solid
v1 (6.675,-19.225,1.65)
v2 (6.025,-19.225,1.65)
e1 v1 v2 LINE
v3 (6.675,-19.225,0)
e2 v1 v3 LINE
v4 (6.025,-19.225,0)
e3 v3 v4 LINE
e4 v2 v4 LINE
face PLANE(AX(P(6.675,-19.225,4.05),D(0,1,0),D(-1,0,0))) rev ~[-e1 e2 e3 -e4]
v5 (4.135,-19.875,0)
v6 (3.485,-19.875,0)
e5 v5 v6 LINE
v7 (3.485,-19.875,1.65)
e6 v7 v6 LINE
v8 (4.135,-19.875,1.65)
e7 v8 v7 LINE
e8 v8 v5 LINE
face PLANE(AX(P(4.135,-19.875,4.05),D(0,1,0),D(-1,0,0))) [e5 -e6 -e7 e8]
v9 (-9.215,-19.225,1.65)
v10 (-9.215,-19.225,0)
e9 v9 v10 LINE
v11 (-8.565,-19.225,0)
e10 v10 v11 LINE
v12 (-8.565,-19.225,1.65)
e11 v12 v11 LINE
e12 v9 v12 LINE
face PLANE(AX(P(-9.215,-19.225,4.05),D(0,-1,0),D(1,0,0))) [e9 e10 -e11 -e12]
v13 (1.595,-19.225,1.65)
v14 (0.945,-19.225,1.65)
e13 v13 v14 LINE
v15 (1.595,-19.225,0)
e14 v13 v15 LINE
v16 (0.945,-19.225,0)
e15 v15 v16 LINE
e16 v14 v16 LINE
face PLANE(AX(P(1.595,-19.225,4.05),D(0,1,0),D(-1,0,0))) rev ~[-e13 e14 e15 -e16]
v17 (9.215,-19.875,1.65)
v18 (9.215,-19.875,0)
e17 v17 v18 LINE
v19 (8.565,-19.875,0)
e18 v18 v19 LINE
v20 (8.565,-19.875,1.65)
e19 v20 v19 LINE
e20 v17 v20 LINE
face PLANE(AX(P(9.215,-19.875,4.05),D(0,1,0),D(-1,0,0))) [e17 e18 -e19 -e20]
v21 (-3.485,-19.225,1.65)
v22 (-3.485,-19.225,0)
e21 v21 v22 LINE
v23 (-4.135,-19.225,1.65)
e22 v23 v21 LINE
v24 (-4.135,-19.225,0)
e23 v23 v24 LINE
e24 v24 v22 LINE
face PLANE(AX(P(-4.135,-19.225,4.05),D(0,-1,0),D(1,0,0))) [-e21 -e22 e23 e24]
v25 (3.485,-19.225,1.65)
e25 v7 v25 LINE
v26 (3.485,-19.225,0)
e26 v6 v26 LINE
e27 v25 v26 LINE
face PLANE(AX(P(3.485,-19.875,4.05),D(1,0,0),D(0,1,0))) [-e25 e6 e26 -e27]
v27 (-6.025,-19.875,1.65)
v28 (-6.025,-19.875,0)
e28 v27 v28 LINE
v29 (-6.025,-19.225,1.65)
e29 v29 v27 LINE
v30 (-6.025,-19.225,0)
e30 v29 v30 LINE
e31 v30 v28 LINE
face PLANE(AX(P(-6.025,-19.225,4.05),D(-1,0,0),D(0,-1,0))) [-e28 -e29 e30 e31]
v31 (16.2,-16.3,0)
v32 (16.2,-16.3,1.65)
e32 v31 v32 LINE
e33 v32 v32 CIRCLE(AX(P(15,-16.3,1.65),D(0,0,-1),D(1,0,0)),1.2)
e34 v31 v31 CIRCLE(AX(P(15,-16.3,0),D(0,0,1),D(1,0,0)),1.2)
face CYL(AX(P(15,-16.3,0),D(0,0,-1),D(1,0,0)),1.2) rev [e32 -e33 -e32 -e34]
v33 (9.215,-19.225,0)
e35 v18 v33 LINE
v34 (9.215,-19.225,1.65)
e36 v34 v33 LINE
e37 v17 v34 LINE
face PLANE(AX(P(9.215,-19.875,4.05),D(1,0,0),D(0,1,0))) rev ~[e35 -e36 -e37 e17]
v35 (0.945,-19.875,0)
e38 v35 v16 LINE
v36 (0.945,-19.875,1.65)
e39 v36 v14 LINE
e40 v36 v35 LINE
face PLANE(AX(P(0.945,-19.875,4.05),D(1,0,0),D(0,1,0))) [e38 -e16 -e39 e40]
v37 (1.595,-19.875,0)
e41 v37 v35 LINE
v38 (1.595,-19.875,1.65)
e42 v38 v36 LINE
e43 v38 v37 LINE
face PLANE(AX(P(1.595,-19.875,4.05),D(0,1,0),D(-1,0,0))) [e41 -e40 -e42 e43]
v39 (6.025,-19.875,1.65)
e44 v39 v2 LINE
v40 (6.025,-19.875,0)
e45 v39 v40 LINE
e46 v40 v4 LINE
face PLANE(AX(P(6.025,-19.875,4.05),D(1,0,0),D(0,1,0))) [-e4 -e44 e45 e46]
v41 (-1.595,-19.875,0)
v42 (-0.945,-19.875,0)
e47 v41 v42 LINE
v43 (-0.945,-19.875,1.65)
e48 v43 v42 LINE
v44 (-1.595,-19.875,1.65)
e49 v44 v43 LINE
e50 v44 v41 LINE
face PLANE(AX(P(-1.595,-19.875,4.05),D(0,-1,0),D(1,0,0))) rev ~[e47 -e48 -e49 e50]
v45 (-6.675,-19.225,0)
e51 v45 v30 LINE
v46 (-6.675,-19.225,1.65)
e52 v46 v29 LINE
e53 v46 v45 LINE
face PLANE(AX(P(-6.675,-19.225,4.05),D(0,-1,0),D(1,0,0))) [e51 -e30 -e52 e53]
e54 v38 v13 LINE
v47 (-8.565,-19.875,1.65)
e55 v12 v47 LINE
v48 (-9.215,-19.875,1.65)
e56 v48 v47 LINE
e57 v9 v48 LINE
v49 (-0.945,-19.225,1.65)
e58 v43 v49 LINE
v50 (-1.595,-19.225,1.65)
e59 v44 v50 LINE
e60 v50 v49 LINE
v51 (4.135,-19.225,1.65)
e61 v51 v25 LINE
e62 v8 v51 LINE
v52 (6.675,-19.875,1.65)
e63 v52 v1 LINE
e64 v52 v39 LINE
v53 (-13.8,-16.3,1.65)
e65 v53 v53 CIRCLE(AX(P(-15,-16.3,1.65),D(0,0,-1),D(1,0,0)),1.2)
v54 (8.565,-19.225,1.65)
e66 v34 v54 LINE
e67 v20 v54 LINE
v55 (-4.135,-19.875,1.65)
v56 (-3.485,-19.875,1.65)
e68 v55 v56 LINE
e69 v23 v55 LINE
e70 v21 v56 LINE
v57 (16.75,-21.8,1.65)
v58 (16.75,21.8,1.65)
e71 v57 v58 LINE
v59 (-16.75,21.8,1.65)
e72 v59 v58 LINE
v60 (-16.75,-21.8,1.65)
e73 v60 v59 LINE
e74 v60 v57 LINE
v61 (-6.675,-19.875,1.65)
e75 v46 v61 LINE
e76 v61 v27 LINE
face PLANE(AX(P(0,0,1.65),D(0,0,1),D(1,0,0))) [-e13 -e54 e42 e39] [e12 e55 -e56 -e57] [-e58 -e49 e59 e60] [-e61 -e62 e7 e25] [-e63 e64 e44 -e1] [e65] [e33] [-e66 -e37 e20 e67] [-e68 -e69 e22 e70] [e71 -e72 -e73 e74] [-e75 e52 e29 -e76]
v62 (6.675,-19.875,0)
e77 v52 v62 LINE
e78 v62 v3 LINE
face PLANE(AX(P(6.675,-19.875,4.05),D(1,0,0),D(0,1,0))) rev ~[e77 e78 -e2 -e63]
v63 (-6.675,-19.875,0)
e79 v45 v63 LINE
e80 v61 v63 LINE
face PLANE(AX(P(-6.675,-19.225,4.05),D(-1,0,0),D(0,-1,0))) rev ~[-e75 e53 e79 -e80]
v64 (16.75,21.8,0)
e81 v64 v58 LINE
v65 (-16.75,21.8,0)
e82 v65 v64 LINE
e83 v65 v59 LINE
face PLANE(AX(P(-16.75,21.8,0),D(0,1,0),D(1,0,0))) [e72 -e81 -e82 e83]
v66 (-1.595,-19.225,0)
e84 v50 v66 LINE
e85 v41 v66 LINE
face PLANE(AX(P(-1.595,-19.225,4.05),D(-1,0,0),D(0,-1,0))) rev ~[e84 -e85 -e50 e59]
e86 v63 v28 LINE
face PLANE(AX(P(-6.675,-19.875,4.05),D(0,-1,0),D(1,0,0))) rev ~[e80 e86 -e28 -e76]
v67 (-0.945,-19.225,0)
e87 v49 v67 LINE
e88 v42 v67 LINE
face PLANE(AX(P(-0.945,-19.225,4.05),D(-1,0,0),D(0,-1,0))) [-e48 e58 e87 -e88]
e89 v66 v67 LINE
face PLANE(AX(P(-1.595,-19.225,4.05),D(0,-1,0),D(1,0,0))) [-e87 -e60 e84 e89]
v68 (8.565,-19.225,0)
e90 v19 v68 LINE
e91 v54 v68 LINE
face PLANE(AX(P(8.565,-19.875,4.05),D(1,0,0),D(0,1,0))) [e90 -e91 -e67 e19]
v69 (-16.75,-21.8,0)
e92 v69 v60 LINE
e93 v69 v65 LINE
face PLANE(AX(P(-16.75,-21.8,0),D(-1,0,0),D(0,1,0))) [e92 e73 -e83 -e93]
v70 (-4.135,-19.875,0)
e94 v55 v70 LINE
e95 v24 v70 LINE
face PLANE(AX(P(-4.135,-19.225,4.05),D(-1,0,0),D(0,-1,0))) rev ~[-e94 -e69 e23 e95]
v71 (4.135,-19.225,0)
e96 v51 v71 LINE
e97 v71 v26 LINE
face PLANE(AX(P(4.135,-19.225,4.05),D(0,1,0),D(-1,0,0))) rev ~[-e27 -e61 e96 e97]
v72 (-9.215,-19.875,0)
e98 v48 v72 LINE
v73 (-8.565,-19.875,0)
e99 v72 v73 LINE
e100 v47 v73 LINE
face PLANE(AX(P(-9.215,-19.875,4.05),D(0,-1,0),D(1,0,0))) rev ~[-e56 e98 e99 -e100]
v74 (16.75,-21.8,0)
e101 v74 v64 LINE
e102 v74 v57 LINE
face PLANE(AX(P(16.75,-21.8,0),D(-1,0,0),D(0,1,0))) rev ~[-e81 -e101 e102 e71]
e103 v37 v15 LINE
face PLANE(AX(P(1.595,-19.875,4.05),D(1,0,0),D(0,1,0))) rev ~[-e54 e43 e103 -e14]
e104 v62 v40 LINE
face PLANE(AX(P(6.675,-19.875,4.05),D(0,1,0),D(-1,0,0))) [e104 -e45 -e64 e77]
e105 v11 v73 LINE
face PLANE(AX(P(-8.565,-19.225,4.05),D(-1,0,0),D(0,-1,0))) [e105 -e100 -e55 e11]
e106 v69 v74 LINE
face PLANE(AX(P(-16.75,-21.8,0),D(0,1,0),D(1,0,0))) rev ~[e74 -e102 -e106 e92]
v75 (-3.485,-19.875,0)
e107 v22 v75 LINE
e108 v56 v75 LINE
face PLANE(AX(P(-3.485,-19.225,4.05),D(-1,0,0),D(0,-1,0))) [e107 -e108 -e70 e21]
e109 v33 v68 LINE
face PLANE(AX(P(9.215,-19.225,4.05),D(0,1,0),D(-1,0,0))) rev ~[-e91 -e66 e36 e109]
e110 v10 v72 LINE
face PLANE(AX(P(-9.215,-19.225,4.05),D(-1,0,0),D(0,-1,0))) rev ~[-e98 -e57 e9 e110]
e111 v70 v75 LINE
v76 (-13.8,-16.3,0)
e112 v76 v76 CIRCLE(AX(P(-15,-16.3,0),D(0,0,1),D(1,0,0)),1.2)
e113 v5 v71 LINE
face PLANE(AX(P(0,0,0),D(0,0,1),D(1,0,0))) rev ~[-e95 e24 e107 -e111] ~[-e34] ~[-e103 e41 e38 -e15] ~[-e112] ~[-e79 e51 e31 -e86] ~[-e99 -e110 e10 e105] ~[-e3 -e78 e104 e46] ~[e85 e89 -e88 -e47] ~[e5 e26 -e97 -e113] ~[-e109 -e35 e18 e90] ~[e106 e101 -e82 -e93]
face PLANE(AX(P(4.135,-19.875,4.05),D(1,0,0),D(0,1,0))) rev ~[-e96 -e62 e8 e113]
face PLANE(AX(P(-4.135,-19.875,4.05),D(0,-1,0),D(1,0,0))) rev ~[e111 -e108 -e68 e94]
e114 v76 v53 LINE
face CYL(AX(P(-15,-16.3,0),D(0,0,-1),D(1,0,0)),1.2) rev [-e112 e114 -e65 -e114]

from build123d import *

# Parameters (mm, degrees)
SKETCH1_W               = 33.5
SKETCH1_H               = 43.6
BOSS_EXTRUDE1_DEPTH     = 1.65
BOSS_EXTRUDE2_START     = -3.05
SKETCH2_W               = 0.65
SKETCH2_H               = 0.65
BOSS_EXTRUDE2_DEPTH     = 11.55
CUT_EXTRUDE1_START      = -4.05
SKETCH2_2_W             = 0.65
SKETCH2_2_H             = 0.65
CUT_EXTRUDE1_DEPTH      = 13.55
LPATTERN1_COUNT         = 4
LPATTERN1_PITCH         = 2.54
MIRROR1_START           = -4.05
MIRROR1_COPY_1_SKETCH_W = 0.65
MIRROR1_COPY_1_SKETCH_H = 0.65
MIRROR1_COPY_1_DEPTH    = 13.55
MIRROR1_COPY_2_SKETCH_W = 0.65
MIRROR1_COPY_2_SKETCH_H = 0.65
MIRROR1_COPY_2_DEPTH    = 13.55
MIRROR1_COPY_3_SKETCH_W = 0.65
MIRROR1_COPY_3_SKETCH_H = 0.65
MIRROR1_COPY_3_DEPTH    = 13.55
MIRROR1_COPY_4_SKETCH_W = 0.65
MIRROR1_COPY_4_SKETCH_H = 0.65
MIRROR1_COPY_4_DEPTH    = 13.55
SKETCH3_R               = 1.2
CUT_EXTRUDE2_DEPTH      = 2.65


with BuildPart() as part:
    # Sketch1 → Boss-Extrude1 (new body)
    with BuildSketch(Plane.XY):
        Rectangle(SKETCH1_W, SKETCH1_H)
    extrude(amount=BOSS_EXTRUDE1_DEPTH)

    # Sketch2 → Boss-Extrude2 (add)
    with BuildSketch(Plane(origin=(0, 0, 0), x_dir=(-1, 0, 0), z_dir=(0, 0, -1)).offset(BOSS_EXTRUDE2_START)):
        with Locations((-1.27, -19.55)):
            Rectangle(SKETCH2_W, SKETCH2_H)
    boss_extrude2 = extrude(amount=BOSS_EXTRUDE2_DEPTH)

    # Sketch2<2> → Cut-Extrude1 (cut)
    with BuildSketch(Plane(origin=(0, 0, 0), x_dir=(-1, 0, 0), z_dir=(0, 0, -1)).offset(CUT_EXTRUDE1_START)):
        with Locations((-1.27, -19.55)):
            Rectangle(SKETCH2_2_W, SKETCH2_2_H)
    cut_extrude1 = extrude(amount=CUT_EXTRUDE1_DEPTH, mode=Mode.SUBTRACT)

    # LPattern1: Cut-Extrude1 ×4
    with Locations(*[(i * LPATTERN1_PITCH, 0, 0) for i in range(1, LPATTERN1_COUNT)]):
        add(cut_extrude1, mode=Mode.SUBTRACT)

    # Mirror1: Boss-Extrude2 across plane
    add(boss_extrude2.mirror(Plane(origin=(0, 0, 0), x_dir=(0, 0, 1), z_dir=(1, 0, 0))))

    # Mirror1 copy 1 sketch → Mirror1 copy 1 (cut)
    with BuildSketch(Plane(origin=(-2.54, 0, 0), x_dir=(1, 0, 0), z_dir=(0, 0, -1)).offset(MIRROR1_START)):
        with Locations((-1.27, 19.55)):
            Rectangle(MIRROR1_COPY_1_SKETCH_W, MIRROR1_COPY_1_SKETCH_H)
    extrude(amount=MIRROR1_COPY_1_DEPTH, mode=Mode.SUBTRACT)

    # Mirror1 copy 2 sketch → Mirror1 copy 2 (cut)
    with BuildSketch(Plane(origin=(-5.08, 0, 0), x_dir=(1, 0, 0), z_dir=(0, 0, -1)).offset(MIRROR1_START)):
        with Locations((-1.27, 19.55)):
            Rectangle(MIRROR1_COPY_2_SKETCH_W, MIRROR1_COPY_2_SKETCH_H)
    extrude(amount=MIRROR1_COPY_2_DEPTH, mode=Mode.SUBTRACT)

    # Mirror1 copy 3 sketch → Mirror1 copy 3 (cut)
    with BuildSketch(Plane(origin=(-7.62, 0, 0), x_dir=(1, 0, 0), z_dir=(0, 0, -1)).offset(MIRROR1_START)):
        with Locations((-1.27, 19.55)):
            Rectangle(MIRROR1_COPY_3_SKETCH_W, MIRROR1_COPY_3_SKETCH_H)
    extrude(amount=MIRROR1_COPY_3_DEPTH, mode=Mode.SUBTRACT)

    # Mirror1 copy 4 sketch → Mirror1 copy 4 (cut)
    with BuildSketch(Plane(origin=(0, 0, 0), x_dir=(1, 0, 0), z_dir=(0, 0, -1)).offset(MIRROR1_START)):
        with Locations((-1.27, 19.55)):
            Rectangle(MIRROR1_COPY_4_SKETCH_W, MIRROR1_COPY_4_SKETCH_H)
    extrude(amount=MIRROR1_COPY_4_DEPTH, mode=Mode.SUBTRACT)

    # Sketch3 → Cut-Extrude2 (cut, through all)
    with BuildSketch(Plane.XY):
        with Locations((-15, -16.3)):
            Circle(SKETCH3_R)
        with Locations((15, -16.3)):
            Circle(SKETCH3_R)
    extrude(amount=CUT_EXTRUDE2_DEPTH, mode=Mode.SUBTRACT)


solid = part.part
